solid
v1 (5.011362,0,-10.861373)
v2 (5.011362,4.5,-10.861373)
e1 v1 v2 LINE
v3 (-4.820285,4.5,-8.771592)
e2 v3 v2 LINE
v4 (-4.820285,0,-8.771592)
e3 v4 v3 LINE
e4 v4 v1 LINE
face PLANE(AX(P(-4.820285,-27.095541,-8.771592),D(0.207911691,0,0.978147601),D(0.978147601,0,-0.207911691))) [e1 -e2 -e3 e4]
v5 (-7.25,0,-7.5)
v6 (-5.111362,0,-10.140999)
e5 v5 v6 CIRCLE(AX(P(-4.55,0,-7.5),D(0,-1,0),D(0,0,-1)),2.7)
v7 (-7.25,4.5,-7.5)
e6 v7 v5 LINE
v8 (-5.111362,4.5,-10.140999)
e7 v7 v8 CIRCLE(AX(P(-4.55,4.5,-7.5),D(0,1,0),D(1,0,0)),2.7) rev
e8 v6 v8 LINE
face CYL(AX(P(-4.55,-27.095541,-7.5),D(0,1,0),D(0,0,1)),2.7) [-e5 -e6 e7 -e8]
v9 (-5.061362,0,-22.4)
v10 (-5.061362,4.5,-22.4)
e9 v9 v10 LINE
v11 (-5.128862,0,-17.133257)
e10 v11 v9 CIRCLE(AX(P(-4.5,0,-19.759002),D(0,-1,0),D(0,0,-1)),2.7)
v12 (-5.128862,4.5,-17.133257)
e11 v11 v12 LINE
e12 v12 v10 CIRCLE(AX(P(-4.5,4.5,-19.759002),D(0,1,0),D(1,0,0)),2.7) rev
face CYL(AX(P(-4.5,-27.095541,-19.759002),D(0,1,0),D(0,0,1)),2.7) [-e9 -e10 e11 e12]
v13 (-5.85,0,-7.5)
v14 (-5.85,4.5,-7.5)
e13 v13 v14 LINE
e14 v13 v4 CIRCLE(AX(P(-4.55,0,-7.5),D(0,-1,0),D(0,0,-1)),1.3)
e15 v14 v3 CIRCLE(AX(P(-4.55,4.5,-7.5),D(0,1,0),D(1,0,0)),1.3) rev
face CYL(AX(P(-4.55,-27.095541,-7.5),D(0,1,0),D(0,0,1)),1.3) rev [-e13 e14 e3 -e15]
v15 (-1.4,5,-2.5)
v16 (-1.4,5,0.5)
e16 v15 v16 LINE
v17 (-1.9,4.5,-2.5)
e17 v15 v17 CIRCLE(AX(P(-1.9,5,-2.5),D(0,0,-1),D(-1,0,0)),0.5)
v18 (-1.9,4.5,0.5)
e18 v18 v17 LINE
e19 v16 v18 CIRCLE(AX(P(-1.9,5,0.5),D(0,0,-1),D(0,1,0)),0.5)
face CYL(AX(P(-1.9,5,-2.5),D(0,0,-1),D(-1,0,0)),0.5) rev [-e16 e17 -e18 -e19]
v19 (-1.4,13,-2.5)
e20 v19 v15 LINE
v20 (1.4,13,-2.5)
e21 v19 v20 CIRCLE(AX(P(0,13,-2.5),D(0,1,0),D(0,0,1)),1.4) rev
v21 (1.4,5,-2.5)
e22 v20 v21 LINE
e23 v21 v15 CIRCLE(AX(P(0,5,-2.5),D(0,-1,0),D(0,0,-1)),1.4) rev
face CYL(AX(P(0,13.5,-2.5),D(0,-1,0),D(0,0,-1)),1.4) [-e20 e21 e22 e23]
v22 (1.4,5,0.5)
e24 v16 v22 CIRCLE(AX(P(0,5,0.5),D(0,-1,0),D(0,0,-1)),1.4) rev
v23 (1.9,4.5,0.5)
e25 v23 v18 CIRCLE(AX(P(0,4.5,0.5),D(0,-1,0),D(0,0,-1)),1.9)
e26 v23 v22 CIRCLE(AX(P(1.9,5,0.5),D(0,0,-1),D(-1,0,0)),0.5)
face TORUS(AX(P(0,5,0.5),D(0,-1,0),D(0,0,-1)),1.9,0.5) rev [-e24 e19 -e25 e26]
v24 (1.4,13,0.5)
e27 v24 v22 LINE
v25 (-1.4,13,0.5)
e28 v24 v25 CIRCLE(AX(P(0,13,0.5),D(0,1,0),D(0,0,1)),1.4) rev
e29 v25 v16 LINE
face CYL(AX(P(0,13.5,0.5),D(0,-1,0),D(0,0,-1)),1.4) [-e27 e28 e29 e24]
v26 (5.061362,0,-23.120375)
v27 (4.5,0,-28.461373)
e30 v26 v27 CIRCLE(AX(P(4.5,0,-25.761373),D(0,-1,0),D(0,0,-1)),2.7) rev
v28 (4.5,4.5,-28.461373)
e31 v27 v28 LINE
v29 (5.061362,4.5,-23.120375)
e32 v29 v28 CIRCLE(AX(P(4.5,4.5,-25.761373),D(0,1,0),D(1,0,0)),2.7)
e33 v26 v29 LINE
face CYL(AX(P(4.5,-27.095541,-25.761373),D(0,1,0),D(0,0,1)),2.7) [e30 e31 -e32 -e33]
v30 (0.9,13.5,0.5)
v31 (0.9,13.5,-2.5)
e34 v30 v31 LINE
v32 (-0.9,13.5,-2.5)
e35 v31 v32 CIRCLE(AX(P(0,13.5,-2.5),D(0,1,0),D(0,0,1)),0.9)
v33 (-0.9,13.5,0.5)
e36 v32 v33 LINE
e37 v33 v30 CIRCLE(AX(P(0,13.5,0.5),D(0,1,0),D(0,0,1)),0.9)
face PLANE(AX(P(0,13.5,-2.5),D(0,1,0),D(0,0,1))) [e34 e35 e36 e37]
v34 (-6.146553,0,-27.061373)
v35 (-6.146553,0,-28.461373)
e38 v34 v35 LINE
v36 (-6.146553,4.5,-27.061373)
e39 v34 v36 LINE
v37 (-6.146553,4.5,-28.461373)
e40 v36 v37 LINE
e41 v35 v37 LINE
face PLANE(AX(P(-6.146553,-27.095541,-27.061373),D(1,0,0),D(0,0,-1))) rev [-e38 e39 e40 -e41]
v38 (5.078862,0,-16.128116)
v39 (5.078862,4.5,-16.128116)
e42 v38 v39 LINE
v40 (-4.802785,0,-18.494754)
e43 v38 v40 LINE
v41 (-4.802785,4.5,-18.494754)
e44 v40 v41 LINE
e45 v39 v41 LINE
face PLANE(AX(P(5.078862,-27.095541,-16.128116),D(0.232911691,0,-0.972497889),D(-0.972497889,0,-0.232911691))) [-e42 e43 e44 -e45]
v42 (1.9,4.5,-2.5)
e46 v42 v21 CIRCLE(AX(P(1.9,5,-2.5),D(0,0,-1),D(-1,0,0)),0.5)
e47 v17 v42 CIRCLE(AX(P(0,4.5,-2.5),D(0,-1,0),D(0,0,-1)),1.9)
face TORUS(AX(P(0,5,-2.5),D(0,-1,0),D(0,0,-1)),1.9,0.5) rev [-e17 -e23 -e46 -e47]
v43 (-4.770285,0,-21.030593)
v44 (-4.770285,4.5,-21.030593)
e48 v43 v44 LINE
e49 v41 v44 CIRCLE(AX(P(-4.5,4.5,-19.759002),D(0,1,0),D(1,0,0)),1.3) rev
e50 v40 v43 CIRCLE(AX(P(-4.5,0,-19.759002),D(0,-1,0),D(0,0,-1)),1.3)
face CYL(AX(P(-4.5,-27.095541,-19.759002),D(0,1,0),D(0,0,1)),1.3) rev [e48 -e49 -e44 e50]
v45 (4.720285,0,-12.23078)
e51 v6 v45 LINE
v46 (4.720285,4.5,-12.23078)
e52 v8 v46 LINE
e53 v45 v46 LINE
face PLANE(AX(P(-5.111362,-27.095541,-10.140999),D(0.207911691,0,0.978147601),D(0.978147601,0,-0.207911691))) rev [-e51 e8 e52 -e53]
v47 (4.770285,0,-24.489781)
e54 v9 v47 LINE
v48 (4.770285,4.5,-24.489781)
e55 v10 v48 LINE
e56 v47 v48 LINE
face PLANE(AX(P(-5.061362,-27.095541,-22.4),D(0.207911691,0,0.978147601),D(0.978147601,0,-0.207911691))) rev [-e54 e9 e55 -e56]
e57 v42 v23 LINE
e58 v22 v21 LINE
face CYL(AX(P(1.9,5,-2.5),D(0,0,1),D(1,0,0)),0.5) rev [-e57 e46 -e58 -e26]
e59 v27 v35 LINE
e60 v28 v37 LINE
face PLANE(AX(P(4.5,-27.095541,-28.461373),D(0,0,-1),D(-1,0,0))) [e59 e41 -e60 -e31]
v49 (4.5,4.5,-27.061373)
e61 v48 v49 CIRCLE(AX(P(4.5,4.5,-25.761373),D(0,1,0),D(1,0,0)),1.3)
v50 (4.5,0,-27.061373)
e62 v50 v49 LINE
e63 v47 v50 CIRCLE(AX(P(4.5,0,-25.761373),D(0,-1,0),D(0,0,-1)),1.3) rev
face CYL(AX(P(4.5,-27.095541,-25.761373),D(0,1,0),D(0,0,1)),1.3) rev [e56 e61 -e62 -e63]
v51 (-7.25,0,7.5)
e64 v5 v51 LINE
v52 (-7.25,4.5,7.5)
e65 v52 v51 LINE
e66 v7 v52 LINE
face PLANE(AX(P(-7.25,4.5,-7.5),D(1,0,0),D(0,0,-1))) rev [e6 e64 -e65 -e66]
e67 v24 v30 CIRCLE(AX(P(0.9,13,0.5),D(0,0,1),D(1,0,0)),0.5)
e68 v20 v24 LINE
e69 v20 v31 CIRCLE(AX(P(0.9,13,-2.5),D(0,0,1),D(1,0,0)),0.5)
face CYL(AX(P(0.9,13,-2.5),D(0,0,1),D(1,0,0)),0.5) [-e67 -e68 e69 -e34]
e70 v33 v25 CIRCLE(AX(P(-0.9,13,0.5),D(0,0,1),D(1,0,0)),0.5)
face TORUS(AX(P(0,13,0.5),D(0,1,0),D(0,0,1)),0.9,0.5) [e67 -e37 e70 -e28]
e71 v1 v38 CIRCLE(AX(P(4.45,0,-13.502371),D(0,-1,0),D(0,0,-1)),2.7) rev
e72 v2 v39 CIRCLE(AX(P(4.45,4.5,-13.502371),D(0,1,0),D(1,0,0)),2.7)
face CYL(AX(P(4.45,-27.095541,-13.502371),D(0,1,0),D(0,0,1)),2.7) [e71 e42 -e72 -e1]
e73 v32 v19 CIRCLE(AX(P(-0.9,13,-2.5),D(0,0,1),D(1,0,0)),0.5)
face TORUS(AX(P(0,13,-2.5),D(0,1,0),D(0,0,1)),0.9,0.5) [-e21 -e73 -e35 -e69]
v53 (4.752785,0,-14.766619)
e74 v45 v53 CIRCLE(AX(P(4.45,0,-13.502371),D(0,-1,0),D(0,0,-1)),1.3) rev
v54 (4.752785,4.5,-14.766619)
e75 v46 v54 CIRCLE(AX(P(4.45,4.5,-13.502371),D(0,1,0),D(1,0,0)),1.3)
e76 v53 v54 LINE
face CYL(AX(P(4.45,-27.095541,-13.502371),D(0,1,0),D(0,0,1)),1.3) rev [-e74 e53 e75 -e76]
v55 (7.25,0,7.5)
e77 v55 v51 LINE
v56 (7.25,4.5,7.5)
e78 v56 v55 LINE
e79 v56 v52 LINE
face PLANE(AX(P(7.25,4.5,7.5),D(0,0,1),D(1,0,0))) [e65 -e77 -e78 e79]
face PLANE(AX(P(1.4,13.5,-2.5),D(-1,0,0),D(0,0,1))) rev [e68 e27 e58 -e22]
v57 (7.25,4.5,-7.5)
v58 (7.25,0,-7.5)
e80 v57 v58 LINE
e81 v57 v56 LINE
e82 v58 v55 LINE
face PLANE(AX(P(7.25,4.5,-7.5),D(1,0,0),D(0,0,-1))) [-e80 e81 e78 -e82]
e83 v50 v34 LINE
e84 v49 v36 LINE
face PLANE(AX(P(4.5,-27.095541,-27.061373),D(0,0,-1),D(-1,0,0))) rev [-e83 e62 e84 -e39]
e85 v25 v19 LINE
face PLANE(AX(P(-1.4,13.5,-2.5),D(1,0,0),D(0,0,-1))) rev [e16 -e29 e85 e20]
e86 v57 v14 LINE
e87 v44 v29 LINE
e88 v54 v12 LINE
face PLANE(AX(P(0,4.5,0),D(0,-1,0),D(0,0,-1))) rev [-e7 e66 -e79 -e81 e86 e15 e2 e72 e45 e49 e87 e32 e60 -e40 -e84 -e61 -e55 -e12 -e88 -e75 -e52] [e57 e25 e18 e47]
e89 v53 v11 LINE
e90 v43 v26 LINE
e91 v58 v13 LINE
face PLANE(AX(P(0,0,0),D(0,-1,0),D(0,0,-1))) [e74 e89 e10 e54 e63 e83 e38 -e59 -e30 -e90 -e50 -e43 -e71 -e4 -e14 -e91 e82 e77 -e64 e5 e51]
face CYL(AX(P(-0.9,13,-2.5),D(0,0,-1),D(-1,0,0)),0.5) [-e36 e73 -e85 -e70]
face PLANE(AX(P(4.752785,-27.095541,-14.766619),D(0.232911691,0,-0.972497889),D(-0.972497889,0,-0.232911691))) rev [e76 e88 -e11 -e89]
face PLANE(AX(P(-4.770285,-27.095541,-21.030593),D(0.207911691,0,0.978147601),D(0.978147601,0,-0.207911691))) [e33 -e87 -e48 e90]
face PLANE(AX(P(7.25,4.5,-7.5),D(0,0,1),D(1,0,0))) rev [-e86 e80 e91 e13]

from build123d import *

# Parameters (mm, degrees)
SKETCH1_W           = 14.5
SKETCH1_H           = 15
BOSS_EXTRUDE1_DEPTH = 4.5
EXTRUDE_THIN1_DEPTH = 4.5
BOSS_EXTRUDE2_DEPTH = 9
FILLET2_R           = 0.5


with BuildPart() as part:
    # Sketch1 → Boss-Extrude1 (new body)
    with BuildSketch(Plane(origin=(0, 0, 0), x_dir=(1, 0, 0), z_dir=(0, 1, 0))):
        Rectangle(SKETCH1_W, SKETCH1_H)
    extrude(amount=BOSS_EXTRUDE1_DEPTH)

    # Sketch2 → Extrude-Thin1 (add)
    with BuildSketch(Plane(origin=(0, 4.5, 0), x_dir=(1, 0, 0), z_dir=(0, 1, 0))):
        with BuildLine():
            Line((-5.85, 5.540513031), (-5.85, 7.5))
            ThreePointArc((-5.85, 7.5), (-5.56028975, 8.318116508), (-4.820285198, 8.771591881))
            Line((-4.820285198, 8.771591881), (5.011361565, 10.861372913))
            ThreePointArc((5.011361565, 10.861372913), (7.149778281, 13.467770346), (5.078861565, 16.128115735))
            Line((5.078861565, 16.128115735), (-4.802785198, 18.494754348))
            ThreePointArc((-4.802785198, 18.494754348), (-5.799893246, 19.775661387), (-4.770285198, 21.030593485))
            Line((-4.770285198, 21.030593485), (5.061361565, 23.120374517))
            ThreePointArc((5.061361565, 23.120374517), (7.185209117, 26.043599889), (4.5, 28.461373039))
            Line((4.5, 28.461373039), (-6.14655289, 28.461373039))
            Line((-6.14655289, 28.461373039), (-6.14655289, 27.061373039))
            Line((-6.14655289, 27.061373039), (4.5, 27.061373039))
            ThreePointArc((4.5, 27.061373039), (5.792878464, 25.897260041), (4.770285198, 24.489781158))
            Line((4.770285198, 24.489781158), (-5.061361565, 22.400000126))
            ThreePointArc((-5.061361565, 22.400000126), (-7.199778281, 19.793602693), (-5.128861565, 17.133257304))
            Line((-5.128861565, 17.133257304), (4.752785198, 14.76661869))
            ThreePointArc((4.752785198, 14.76661869), (5.749893246, 13.485711651), (4.720285198, 12.230779554))
            Line((4.720285198, 12.230779554), (-5.111361565, 10.140998522))
            ThreePointArc((-5.111361565, 10.140998522), (-6.648294096, 9.199165056), (-7.25, 7.5))
            Line((-7.25, 7.5), (-7.25, 5.540513031))
            Line((-7.25, 5.540513031), (-5.85, 5.540513031))
        make_face()
    extrude(amount=-EXTRUDE_THIN1_DEPTH)

    # Sketch3 → Boss-Extrude2 (add)
    with BuildSketch(Plane(origin=(0, 4.5, 0), x_dir=(1, 0, 0), z_dir=(0, 1, 0))):
        with BuildLine():
            Line((1.4, 2.5), (1.4, -0.5))
            ThreePointArc((1.4, -0.5), (0, -1.9), (-1.4, -0.5))
            Line((-1.4, -0.5), (-1.4, 2.5))
            ThreePointArc((-1.4, 2.5), (0, 3.9), (1.4, 2.5))
        make_face()
    extrude(amount=BOSS_EXTRUDE2_DEPTH)

    # Fillet2
    fillet2_edges = [part.edges().sort_by_distance(p)[0] for p in [
        (0, 4.5, -3.9),
        (-1.4, 4.5, -1),
        (0, 4.5, 1.9),
        (1.4, 4.5, -1),
        (0, 13.5, -3.9),
        (-1.4, 13.5, -1),
        (0, 13.5, 1.9),
        (1.4, 13.5, -1),
    ]]
    fillet(fillet2_edges, radius=FILLET2_R)


solid = part.part
